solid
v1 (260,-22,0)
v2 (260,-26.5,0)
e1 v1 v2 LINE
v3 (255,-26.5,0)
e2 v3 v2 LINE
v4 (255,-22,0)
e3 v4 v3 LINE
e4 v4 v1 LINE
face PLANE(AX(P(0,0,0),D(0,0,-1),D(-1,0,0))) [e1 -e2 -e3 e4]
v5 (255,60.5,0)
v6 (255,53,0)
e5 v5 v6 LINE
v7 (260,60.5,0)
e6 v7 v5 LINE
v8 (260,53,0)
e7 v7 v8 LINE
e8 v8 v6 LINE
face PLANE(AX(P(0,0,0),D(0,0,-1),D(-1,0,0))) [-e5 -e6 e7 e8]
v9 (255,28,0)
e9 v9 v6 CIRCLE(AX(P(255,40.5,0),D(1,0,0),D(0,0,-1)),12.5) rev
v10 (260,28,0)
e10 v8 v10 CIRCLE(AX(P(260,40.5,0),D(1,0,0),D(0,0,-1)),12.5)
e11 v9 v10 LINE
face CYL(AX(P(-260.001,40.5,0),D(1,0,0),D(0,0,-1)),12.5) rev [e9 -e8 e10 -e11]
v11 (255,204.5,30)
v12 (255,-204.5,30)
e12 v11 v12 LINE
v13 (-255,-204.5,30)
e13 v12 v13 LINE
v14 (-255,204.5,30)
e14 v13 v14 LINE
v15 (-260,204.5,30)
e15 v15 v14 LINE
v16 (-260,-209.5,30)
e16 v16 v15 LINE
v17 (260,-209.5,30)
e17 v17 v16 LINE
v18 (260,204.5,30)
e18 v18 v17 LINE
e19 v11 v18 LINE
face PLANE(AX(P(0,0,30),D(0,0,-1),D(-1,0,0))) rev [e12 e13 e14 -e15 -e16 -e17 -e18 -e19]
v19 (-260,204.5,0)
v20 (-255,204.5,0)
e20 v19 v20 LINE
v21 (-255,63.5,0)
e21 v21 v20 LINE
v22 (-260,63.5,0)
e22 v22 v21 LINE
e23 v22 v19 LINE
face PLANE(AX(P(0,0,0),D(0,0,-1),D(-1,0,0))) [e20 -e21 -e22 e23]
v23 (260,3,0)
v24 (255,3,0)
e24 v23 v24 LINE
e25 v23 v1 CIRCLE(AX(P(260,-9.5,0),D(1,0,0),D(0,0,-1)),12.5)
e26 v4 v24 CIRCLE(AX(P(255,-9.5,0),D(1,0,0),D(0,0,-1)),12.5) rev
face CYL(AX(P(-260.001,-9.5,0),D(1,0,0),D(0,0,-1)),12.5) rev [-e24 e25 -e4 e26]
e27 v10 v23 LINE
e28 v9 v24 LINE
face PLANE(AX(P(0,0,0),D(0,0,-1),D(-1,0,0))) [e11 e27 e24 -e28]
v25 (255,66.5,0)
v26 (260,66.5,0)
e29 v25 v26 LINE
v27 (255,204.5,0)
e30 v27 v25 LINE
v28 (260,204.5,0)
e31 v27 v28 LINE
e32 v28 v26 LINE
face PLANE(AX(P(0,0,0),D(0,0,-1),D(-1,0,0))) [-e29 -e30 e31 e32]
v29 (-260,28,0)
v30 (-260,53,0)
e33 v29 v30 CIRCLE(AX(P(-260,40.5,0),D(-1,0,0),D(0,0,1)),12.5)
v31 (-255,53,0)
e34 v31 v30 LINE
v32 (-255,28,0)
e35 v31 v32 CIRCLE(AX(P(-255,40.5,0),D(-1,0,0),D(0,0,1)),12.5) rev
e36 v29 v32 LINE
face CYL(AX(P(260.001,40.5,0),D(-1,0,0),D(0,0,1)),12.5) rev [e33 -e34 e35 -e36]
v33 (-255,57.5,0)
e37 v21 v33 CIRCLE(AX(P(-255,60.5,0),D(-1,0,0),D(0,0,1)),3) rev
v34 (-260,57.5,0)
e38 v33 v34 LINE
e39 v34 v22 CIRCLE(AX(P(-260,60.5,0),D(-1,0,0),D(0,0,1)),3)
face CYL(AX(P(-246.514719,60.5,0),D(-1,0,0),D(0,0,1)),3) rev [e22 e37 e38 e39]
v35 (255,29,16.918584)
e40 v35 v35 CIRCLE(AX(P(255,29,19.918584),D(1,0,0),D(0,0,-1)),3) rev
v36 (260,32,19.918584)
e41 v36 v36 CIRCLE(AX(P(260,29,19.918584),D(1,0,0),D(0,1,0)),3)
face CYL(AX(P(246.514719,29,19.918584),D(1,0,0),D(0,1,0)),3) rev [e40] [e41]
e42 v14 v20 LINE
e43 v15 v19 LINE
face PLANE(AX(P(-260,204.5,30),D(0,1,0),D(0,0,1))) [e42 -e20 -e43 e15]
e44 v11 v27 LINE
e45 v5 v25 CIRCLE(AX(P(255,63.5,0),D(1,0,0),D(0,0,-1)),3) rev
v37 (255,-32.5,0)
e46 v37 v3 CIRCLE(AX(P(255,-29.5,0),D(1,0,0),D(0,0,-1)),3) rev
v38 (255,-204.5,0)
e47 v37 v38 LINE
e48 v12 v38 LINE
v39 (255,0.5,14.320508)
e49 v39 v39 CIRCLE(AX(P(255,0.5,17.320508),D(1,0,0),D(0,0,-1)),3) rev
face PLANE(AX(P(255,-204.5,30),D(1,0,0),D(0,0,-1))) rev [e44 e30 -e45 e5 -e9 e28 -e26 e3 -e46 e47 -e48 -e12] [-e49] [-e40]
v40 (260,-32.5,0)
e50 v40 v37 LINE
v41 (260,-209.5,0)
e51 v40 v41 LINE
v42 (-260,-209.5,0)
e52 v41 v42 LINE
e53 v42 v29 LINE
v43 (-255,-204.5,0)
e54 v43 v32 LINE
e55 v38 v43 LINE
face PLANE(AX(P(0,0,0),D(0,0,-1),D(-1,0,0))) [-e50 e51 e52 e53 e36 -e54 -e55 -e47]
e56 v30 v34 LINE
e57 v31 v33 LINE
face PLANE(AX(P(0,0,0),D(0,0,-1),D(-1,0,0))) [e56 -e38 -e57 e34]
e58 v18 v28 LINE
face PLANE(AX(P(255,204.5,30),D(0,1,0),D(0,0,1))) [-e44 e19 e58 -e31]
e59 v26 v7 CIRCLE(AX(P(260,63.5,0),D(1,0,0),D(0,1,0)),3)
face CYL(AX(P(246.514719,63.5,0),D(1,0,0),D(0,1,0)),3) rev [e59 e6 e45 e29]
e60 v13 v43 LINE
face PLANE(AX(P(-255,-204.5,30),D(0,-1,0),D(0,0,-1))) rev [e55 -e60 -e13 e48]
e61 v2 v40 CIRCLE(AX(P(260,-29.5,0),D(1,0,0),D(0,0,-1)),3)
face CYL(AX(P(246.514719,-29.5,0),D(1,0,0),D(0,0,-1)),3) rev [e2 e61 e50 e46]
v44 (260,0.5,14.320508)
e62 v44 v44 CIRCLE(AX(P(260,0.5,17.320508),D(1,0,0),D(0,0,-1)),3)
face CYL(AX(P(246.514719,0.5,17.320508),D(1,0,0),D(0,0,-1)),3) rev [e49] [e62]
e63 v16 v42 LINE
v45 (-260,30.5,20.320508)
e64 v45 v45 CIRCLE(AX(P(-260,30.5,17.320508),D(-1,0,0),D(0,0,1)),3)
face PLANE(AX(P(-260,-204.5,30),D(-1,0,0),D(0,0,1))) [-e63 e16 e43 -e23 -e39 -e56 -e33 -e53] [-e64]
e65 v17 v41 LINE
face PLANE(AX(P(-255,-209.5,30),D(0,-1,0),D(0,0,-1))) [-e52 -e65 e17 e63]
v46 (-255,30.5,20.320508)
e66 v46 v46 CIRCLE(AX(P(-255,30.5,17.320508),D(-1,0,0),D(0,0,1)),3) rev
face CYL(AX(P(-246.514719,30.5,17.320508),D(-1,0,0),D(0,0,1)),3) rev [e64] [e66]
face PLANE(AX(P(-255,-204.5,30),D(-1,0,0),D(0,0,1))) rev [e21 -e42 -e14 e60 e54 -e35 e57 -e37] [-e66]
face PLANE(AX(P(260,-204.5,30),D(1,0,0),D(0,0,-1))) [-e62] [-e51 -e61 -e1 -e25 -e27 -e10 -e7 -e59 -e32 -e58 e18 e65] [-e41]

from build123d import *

# Parameters (mm, degrees)
EXTRUDE_1_DEPTH     = 30
CUT_EXTRUDE_1_REACH = 522
SKETCH_2_R          = 12.5
CUT_EXTRUDE_2_REACH = 522
SKETCH_3_R          = 12.5
SKETCH_5_R          = 3
CUT_EXTRUDE_3_DEPTH = 5
SKETCH_6_R          = 3
CUT_EXTRUDE_5_DEPTH = 5
SKETCH_7_R          = 3
CUT_EXTRUDE_6_DEPTH = 5


with BuildPart() as part:
    # 草图1 → Extrude 1 (new body)
    with BuildSketch(Plane.XY):
        Polygon((-255, 204.5), (-255, -204.5), (255, -204.5), (255, 204.5), (260, 204.5), (260, -209.5), (-260, -209.5), (-260, 204.5), align=None)
    extrude(amount=EXTRUDE_1_DEPTH)

    # 草图2 → 切除-拉伸1 (cut, up to next)
    with BuildSketch(Plane.ZY.offset(260), mode=Mode.PRIVATE) as cut_extrude_1_sk1:
        with Locations((0, 40.5)):
            Circle(SKETCH_2_R)
    cut_extrude_1_tool1 = extrude(cut_extrude_1_sk1.sketch, amount=-CUT_EXTRUDE_1_REACH, mode=Mode.PRIVATE) & part.part
    add(cut_extrude_1_tool1.solids().sort_by_distance((-260, 40.5, 0))[0], mode=Mode.SUBTRACT)

    # 草图3 → 切除-拉伸2 (cut, up to next)
    with BuildSketch(Plane(origin=(260, 0, 0), x_dir=(0, 0, -1), z_dir=(1, 0, 0)), mode=Mode.PRIVATE) as cut_extrude_2_sk1:
        with Locations((0, 40.5)):
            Circle(SKETCH_3_R)
    cut_extrude_2_tool1 = extrude(cut_extrude_2_sk1.sketch, amount=-CUT_EXTRUDE_2_REACH, mode=Mode.PRIVATE) & part.part
    add(cut_extrude_2_tool1.solids().sort_by_distance((260, 40.5, 0))[0], mode=Mode.SUBTRACT)
    # 草图3 → 切除-拉伸2 (cut, up to next)
    with BuildSketch(Plane(origin=(260, 0, 0), x_dir=(0, 0, -1), z_dir=(1, 0, 0)), mode=Mode.PRIVATE) as cut_extrude_2_sk2:
        with Locations((0, -9.5)):
            Circle(SKETCH_3_R)
    cut_extrude_2_tool2 = extrude(cut_extrude_2_sk2.sketch, amount=-CUT_EXTRUDE_2_REACH, mode=Mode.PRIVATE) & part.part
    add(cut_extrude_2_tool2.solids().sort_by_distance((260, -9.5, 0))[0], mode=Mode.SUBTRACT)

    # 草图5 → 切除-拉伸3 (cut)
    with BuildSketch(Plane(origin=(260, 0, 0), x_dir=(0, 0, -1), z_dir=(1, 0, 0))):
        with Locations((0, -29.5)):
            Circle(SKETCH_5_R)
        with Locations((-17.320508076, 0.5)):
            Circle(SKETCH_5_R)
    extrude(amount=-CUT_EXTRUDE_3_DEPTH, mode=Mode.SUBTRACT)

    # 草图6 → 切除-拉伸5 (cut)
    with BuildSketch(Plane.ZY.offset(260)):
        with Locations((0, 60.5)):
            Circle(SKETCH_6_R)
        with Locations((17.320508076, 30.5)):
            Circle(SKETCH_6_R)
    extrude(amount=-CUT_EXTRUDE_5_DEPTH, mode=Mode.SUBTRACT)

    # 草图7 → 切除-拉伸6 (cut)
    with BuildSketch(Plane(origin=(260, 0, 0), x_dir=(0, 0, -1), z_dir=(1, 0, 0))):
        with Locations((0, 63.5)):
            Circle(SKETCH_7_R)
        with Locations((-19.918584287, 29)):
            Circle(SKETCH_7_R)
    extrude(amount=-CUT_EXTRUDE_6_DEPTH, mode=Mode.SUBTRACT)


solid = part.part
